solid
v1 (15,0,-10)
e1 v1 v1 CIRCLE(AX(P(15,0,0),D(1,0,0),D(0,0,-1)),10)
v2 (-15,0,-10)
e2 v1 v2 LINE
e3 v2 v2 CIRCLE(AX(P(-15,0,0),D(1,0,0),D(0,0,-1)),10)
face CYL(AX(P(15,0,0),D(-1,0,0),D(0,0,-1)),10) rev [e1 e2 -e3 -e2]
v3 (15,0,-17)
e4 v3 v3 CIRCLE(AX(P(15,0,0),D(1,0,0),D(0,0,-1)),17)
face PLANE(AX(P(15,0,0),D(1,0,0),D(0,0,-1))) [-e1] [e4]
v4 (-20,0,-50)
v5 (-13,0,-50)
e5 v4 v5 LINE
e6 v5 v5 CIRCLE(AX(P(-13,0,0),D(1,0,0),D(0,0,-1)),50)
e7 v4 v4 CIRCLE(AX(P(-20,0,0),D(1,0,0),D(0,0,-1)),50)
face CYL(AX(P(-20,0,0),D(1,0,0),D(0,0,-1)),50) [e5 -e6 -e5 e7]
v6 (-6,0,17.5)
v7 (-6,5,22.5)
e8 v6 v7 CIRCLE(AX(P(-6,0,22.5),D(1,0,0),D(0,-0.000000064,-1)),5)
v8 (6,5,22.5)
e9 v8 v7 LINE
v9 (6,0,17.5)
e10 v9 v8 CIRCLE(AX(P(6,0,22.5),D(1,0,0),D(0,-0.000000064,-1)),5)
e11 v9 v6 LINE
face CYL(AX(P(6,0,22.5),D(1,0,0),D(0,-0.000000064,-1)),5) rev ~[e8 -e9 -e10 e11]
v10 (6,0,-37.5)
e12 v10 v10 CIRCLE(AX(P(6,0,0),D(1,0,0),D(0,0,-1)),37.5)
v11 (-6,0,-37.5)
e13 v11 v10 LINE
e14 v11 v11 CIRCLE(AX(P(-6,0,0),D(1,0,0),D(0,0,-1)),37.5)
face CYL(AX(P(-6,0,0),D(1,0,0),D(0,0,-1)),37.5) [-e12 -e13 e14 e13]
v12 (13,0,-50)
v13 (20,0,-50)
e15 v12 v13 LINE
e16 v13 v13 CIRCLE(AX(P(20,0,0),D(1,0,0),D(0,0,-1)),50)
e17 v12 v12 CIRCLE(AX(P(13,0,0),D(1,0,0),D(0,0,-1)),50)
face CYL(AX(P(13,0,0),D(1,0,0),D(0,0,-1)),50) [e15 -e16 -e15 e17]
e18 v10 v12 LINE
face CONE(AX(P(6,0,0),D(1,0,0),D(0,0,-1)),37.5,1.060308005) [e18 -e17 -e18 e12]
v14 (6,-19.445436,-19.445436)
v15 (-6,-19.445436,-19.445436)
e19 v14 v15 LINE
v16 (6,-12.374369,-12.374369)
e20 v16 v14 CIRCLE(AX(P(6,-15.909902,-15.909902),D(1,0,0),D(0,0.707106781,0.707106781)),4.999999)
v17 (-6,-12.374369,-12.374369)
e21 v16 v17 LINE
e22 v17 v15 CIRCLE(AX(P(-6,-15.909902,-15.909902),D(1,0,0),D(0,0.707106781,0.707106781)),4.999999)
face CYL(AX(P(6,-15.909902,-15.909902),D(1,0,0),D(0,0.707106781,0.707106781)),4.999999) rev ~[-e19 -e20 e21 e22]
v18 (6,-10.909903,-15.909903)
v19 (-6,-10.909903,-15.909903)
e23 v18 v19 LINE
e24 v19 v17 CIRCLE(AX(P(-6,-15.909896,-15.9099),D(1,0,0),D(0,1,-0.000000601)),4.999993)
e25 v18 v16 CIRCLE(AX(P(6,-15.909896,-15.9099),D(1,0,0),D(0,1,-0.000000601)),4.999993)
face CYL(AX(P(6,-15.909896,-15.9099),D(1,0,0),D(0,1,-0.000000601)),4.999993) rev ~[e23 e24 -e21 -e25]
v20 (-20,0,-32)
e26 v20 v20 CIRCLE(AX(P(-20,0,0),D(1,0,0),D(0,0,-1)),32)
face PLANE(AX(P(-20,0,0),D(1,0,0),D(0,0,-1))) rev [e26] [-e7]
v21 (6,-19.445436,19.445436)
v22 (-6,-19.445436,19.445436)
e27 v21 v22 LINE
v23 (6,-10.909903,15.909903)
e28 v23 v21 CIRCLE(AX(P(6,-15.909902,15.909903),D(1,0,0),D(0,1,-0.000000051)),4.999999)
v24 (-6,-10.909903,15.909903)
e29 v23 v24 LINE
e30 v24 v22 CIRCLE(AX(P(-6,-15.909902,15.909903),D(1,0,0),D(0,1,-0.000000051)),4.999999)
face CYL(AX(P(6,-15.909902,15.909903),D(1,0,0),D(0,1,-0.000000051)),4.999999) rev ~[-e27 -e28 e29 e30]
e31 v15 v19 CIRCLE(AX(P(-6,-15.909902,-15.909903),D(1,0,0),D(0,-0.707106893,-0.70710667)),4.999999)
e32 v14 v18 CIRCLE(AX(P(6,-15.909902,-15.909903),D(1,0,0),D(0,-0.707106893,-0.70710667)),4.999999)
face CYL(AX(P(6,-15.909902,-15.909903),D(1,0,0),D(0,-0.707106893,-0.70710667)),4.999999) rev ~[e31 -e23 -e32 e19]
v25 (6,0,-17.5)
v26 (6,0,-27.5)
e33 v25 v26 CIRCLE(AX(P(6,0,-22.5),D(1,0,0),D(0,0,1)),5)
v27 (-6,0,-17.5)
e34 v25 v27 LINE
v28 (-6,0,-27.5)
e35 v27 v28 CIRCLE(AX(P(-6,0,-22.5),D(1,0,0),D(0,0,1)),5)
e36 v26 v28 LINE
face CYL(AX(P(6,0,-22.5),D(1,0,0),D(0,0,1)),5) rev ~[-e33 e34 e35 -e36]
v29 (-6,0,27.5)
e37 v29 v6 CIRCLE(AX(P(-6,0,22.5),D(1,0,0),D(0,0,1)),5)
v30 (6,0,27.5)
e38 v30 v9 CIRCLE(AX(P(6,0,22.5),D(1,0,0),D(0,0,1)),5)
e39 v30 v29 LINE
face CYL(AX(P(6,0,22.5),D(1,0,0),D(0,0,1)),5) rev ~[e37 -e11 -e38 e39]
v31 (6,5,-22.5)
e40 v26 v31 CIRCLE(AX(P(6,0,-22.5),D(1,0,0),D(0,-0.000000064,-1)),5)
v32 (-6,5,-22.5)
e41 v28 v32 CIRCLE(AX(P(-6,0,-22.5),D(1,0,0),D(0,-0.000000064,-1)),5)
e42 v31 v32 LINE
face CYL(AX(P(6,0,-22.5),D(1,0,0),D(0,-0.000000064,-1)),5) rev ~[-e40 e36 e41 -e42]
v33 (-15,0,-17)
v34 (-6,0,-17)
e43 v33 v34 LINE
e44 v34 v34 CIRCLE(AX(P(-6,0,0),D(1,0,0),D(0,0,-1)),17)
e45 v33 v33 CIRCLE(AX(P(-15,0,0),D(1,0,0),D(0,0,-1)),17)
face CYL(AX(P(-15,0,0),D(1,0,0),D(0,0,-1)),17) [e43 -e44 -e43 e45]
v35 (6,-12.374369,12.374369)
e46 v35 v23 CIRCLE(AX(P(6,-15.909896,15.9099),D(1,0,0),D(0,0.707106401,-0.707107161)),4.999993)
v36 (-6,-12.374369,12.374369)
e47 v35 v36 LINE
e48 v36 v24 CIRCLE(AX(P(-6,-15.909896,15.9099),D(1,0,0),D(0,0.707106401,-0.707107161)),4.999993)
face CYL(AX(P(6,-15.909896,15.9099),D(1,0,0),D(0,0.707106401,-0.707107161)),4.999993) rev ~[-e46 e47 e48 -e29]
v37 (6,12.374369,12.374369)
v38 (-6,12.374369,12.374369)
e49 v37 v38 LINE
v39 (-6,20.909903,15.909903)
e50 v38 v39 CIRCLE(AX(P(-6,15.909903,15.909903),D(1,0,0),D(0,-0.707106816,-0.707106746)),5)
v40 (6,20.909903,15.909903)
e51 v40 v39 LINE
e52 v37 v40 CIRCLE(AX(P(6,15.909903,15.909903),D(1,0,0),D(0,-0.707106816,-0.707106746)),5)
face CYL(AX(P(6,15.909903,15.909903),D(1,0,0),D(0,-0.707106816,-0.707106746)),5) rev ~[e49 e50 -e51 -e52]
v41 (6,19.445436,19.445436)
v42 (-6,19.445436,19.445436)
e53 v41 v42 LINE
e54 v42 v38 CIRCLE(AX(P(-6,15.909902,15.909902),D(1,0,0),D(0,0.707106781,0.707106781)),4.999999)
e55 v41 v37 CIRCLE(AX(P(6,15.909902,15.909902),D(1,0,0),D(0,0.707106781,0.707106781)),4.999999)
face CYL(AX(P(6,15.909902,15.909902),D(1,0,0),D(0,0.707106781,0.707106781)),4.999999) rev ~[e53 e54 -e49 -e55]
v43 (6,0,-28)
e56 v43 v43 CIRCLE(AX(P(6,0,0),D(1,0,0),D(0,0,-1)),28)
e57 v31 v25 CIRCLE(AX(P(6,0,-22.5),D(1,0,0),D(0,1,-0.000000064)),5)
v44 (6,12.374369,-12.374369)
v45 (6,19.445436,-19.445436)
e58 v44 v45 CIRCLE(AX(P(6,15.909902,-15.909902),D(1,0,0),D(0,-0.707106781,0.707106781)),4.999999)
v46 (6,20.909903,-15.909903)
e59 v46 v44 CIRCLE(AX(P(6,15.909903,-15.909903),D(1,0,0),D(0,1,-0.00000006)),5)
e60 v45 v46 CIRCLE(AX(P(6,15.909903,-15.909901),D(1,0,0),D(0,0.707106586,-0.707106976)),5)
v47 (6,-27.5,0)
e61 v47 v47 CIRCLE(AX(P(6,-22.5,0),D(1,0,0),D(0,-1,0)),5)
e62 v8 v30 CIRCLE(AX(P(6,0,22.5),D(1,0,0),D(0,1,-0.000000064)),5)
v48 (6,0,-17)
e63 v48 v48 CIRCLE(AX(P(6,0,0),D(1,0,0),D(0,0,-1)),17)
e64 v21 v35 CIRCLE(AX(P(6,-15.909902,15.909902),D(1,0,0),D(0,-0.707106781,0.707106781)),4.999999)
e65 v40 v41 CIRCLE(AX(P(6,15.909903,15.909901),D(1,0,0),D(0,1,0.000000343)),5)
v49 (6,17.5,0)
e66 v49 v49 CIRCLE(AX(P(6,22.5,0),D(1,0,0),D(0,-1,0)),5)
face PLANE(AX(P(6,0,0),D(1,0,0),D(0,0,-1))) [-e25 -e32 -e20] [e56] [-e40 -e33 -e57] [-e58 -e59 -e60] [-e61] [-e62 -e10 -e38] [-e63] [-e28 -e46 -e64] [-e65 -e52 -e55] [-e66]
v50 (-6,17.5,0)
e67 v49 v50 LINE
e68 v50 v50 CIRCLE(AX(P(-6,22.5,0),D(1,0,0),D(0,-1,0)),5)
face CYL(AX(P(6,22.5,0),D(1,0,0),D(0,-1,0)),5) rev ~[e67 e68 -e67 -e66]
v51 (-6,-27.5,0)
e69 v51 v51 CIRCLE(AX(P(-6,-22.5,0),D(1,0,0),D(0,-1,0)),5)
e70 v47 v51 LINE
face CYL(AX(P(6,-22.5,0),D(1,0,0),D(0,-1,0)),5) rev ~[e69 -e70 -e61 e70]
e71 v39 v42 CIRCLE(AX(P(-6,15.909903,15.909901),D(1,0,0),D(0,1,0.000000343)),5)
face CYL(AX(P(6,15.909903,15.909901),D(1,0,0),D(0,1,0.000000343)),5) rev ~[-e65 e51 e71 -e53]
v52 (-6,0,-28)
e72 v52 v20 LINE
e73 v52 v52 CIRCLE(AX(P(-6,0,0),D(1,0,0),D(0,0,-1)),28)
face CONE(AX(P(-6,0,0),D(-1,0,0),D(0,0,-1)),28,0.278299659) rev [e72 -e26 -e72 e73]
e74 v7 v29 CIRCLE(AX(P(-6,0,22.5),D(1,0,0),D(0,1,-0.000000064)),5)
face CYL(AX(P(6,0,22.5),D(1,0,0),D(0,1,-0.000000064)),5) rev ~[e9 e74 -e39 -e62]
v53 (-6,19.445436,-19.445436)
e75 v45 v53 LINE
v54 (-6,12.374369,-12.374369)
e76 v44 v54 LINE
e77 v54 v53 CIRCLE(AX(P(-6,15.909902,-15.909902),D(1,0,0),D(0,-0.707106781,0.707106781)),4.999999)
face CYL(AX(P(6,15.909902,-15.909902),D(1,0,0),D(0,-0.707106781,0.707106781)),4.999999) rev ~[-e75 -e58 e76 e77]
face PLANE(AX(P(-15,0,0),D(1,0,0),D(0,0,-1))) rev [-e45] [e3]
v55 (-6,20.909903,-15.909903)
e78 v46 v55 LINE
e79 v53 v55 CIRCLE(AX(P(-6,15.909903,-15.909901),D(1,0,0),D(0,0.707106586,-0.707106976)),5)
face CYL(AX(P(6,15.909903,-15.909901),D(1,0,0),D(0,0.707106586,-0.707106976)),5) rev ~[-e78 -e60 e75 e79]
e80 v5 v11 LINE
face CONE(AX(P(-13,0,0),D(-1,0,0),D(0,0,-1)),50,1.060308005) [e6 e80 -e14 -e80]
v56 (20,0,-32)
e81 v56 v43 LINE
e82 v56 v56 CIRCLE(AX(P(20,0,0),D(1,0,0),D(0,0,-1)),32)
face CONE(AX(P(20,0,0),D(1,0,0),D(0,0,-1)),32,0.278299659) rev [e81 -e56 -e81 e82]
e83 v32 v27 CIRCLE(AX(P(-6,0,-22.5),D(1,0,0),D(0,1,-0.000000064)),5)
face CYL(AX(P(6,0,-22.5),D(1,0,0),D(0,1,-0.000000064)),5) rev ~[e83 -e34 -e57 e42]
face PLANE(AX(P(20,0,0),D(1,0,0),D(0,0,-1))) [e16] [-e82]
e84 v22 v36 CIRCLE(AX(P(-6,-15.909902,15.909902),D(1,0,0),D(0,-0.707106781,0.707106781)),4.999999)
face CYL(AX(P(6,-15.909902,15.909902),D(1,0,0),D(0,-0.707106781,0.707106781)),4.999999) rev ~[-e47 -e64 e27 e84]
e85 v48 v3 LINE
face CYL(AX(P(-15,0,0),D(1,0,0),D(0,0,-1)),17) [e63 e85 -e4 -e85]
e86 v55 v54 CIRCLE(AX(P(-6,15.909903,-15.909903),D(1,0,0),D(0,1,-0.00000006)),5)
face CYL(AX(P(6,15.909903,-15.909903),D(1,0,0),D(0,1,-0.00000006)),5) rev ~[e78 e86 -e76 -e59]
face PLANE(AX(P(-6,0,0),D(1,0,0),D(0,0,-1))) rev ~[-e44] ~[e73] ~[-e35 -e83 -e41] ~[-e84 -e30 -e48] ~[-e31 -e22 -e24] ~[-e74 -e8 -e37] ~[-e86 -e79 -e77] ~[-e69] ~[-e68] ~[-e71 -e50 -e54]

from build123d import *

# Parameters (mm, degrees)
F0_W     = 12
F0_H     = 11
F3_DEPTH = 25


with BuildPart() as f1:
    # F0 (on Front) → F1 (revolve)
    with BuildSketch(Plane.XZ):
        Polygon((15, -10), (-15, -10), (-15, -17), (-6, -17), (6, -17), (15, -17), align=None)
        with Locations((0, -22.5)):
            Rectangle(F0_W, F0_H)
        Polygon((-6, -28), (-20, -32), (-20, -50), (-13, -50), (-6, -37.5), (6, -37.5), (13, -50), (20, -50), (20, -32), (6, -28), align=None)
    revolve(axis=Axis((0, 0, 0), (1, 0, 0)))

    # F2 (on face) → F3 (cut)
    with BuildSketch(Plane.YZ.offset(6)):
        with BuildLine():
            ThreePointArc((-17.5, 0), (-22.5, 5), (-27.5, 0))
            Line((-27.5, 0), (-17.5, 0))
        make_face()
        with BuildLine():
            ThreePointArc((-19.445436, 19.445436), (-19.445436, 12.374369), (-12.374369, 12.374369))
            Line((-12.374369, 12.374369), (-19.445436, 19.445436))
        make_face()
        with BuildLine():
            Line((-19.445436, 19.445436), (-12.374369, 12.374369))
            ThreePointArc((-12.374369, 12.374369), (-11.290505, 13.996485), (-10.909903, 15.909903))
            ThreePointArc((-10.909903, 15.909903), (-13.996485, 20.5293), (-19.445436, 19.445436))
        make_face()
        with BuildLine():
            ThreePointArc((0, 27.5), (-5, 22.5), (0, 17.5))
            Line((0, 17.5), (0, 27.5))
        make_face()
        with BuildLine():
            Line((0, 27.5), (0, 17.5))
            ThreePointArc((0, 17.5), (3.535534, 18.964466), (5, 22.5))
            ThreePointArc((5, 22.5), (3.535534, 26.035534), (0, 27.5))
        make_face()
        with BuildLine():
            ThreePointArc((19.445436, 19.445436), (12.374369, 19.445436), (12.374369, 12.374369))
            Line((12.374369, 12.374369), (19.445436, 19.445436))
        make_face()
        with BuildLine():
            Line((19.445436, 19.445436), (12.374369, 12.374369))
            ThreePointArc((12.374369, 12.374369), (17.82332, 11.290505), (20.909903, 15.909903))
            ThreePointArc((20.909903, 15.909903), (20.5293, 17.82332), (19.445436, 19.445436))
        make_face()
        with BuildLine():
            ThreePointArc((27.5, 0), (22.5, 5), (17.5, 0))
            Line((17.5, 0), (27.5, 0))
        make_face()
        with BuildLine():
            Line((27.5, 0), (17.5, 0))
            ThreePointArc((17.5, 0), (22.5, -5), (27.5, 0))
        make_face()
        with BuildLine():
            ThreePointArc((20.909903, -15.909903), (17.82332, -11.290505), (12.374369, -12.374369))
            Line((12.374369, -12.374369), (19.445436, -19.445436))
            ThreePointArc((19.445436, -19.445436), (20.5293, -17.82332), (20.909903, -15.909903))
        make_face()
        with BuildLine():
            Line((19.445436, -19.445436), (12.374369, -12.374369))
            ThreePointArc((12.374369, -12.374369), (12.374369, -19.445436), (19.445436, -19.445436))
        make_face()
        with BuildLine():
            ThreePointArc((5, -22.5), (3.535534, -18.964466), (0, -17.5))
            Line((0, -17.5), (0, -27.5))
            ThreePointArc((0, -27.5), (3.535534, -26.035534), (5, -22.5))
        make_face()
        with BuildLine():
            Line((0, -27.5), (0, -17.5))
            ThreePointArc((0, -17.5), (-5, -22.5), (0, -27.5))
        make_face()
        with BuildLine():
            ThreePointArc((-10.909903, -15.909903), (-11.290505, -13.996485), (-12.374369, -12.374369))
            Line((-12.374369, -12.374369), (-19.445436, -19.445436))
            ThreePointArc((-19.445436, -19.445436), (-13.996485, -20.5293), (-10.909903, -15.909903))
        make_face()
        with BuildLine():
            Line((-19.445436, -19.445436), (-12.374369, -12.374369))
            ThreePointArc((-12.374369, -12.374369), (-19.445436, -12.374369), (-19.445436, -19.445436))
        make_face()
        with BuildLine():
            Line((-17.5, 0), (-27.5, 0))
            ThreePointArc((-27.5, 0), (-22.5, -5), (-17.5, 0))
        make_face()
    extrude(amount=-F3_DEPTH, mode=Mode.SUBTRACT)


solid = f1.part
